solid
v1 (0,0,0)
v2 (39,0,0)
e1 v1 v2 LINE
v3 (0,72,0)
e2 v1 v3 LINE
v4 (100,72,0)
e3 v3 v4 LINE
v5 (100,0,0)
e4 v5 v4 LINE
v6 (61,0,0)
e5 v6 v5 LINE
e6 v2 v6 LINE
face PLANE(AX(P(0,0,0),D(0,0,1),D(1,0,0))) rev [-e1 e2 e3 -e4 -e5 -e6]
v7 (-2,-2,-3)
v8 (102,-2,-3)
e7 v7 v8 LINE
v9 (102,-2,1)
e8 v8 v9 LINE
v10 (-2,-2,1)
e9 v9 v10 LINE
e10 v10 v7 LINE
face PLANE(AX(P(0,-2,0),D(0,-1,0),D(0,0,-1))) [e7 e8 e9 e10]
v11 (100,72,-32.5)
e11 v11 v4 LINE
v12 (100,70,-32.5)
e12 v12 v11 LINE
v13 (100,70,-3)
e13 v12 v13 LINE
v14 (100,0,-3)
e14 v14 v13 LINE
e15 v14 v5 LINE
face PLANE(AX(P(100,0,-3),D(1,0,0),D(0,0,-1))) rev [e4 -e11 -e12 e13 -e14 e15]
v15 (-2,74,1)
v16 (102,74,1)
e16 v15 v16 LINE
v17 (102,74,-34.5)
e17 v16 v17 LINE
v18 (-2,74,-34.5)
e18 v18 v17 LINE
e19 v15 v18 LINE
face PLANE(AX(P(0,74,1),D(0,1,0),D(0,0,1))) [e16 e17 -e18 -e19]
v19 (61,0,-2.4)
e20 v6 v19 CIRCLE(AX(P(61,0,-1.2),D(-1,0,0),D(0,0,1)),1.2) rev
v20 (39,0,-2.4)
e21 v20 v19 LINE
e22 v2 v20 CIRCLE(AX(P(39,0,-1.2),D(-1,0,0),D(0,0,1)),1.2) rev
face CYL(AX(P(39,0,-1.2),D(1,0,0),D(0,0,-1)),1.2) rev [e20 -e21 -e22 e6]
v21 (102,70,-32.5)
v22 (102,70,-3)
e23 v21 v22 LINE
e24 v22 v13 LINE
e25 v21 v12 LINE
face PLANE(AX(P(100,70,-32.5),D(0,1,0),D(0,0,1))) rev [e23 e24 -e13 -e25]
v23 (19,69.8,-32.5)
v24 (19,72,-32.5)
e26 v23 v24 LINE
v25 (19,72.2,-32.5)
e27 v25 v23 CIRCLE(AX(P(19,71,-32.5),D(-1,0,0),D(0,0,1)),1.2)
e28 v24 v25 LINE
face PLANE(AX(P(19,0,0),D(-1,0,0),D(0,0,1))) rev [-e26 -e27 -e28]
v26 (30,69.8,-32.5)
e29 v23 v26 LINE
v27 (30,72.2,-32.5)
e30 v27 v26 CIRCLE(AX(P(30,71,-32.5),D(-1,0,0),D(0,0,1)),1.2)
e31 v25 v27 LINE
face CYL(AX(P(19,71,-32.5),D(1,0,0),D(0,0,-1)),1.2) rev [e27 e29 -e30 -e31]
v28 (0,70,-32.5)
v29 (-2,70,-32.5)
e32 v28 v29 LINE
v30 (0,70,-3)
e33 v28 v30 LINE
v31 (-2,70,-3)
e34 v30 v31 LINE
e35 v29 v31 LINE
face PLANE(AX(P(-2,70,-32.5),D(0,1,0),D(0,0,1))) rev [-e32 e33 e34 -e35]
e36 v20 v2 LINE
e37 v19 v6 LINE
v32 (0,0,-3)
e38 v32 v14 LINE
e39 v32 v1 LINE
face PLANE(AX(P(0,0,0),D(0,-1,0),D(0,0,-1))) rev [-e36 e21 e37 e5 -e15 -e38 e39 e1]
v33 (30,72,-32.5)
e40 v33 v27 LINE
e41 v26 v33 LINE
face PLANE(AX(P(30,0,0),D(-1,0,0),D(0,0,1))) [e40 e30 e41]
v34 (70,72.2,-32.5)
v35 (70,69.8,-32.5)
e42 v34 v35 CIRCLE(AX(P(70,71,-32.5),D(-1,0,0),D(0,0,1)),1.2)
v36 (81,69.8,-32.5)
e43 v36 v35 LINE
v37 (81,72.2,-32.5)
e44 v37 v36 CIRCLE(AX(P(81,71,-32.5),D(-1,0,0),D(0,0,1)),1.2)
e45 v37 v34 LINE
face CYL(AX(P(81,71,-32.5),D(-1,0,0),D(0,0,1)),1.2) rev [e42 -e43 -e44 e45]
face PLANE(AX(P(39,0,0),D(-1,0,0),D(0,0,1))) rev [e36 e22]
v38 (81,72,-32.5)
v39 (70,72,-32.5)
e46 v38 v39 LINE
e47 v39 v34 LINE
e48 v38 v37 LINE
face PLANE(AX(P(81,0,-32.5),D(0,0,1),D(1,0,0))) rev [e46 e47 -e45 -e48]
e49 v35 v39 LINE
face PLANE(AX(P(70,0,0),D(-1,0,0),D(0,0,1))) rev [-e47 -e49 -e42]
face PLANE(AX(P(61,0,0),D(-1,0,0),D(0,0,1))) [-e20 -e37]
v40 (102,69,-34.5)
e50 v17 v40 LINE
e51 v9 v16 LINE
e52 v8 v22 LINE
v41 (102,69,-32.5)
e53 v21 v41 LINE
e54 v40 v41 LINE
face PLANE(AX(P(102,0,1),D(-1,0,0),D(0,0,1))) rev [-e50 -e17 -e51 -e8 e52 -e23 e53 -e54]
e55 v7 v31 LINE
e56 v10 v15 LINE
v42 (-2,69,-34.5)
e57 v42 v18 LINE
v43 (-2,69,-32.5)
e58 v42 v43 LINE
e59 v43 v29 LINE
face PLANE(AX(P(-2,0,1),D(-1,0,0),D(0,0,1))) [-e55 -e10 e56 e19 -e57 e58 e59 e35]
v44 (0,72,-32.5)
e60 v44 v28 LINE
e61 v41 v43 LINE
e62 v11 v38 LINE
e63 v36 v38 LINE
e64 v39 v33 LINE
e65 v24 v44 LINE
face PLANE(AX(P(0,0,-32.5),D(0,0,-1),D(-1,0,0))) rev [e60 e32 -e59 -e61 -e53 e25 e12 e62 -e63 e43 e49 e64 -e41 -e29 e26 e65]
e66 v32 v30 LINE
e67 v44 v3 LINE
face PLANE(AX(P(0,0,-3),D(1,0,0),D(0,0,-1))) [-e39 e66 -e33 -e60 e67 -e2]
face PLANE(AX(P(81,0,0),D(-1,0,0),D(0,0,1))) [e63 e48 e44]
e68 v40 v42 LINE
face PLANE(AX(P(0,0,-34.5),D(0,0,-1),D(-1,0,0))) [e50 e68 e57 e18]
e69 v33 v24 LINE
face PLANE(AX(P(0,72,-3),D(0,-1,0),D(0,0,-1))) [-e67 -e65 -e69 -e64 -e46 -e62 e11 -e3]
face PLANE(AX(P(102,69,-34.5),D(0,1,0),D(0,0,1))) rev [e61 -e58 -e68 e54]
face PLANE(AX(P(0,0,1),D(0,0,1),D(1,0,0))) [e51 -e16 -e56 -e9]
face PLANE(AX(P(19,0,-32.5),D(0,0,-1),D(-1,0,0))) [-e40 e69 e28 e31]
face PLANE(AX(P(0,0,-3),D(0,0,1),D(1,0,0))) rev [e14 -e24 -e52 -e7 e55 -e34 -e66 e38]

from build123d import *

# Parameters (mm, degrees)
SKETCH1_W               = 104
SKETCH1_H               = 74
BOSS_EXTRUDE1_DEPTH     = 1
BOSS_EXTRUDE2_DEPTH     = 3
BOSS_EXTRUDE3_DEPTH     = 29.5
SKETCH3_W               = 104
SKETCH3_H               = 4
BOSS_EXTRUDE4_DEPTH     = 2
CUT_EXTRUDE1_DEPTH      = 11
CUT_EXTRUDE1_DEPTH_BACK = 11
CUT_EXTRUDE1_START      = -52
SKETCH5_W               = 104
SKETCH5_H               = 5
BOSS_EXTRUDE6_DEPTH     = 2
CUT_EXTRUDE2_START      = -32
CUT_EXTRUDE2_DEPTH      = 11
CUT_EXTRUDE3_START      = -83
CUT_EXTRUDE3_DEPTH      = 11


with BuildPart() as part:
    # Sketch1 → Boss-Extrude1 (new body)
    with BuildSketch(Plane.XY):
        with Locations((50, 37)):
            Rectangle(SKETCH1_W, SKETCH1_H)
    extrude(amount=BOSS_EXTRUDE1_DEPTH)

    # Sketch1<3> → Boss-Extrude2 (add)
    with BuildSketch(Plane.XY):
        Polygon((-2, 74), (-2, 0), (0, 0), (0, 72), (100, 72), (100, 0), (102, 0), (102, 74), align=None)
    extrude(amount=-BOSS_EXTRUDE2_DEPTH)

    # Sketch2 → Boss-Extrude3 (add)
    with BuildSketch(Plane(origin=(0, 0, -3), x_dir=(-1, 0, 0), z_dir=(0, 0, -1))):
        Polygon((-102, 74), (2, 74), (2, 70), (0, 70), (0, 72), (-100, 72), (-100, 70), (-102, 70), align=None)
    extrude(amount=BOSS_EXTRUDE3_DEPTH)

    # Sketch3 → Boss-Extrude4 (add)
    with BuildSketch(Plane.XZ):
        with Locations((50, -1)):
            Rectangle(SKETCH3_W, SKETCH3_H)
    extrude(amount=BOSS_EXTRUDE4_DEPTH)

    # Sketch4 → Cut-Extrude1 (cut, two sides: drawn at the far end of the back side and taken through both)
    with BuildSketch(Plane.ZY.offset(2).offset(CUT_EXTRUDE1_START - CUT_EXTRUDE1_DEPTH_BACK)):
        with BuildLine():
            Line((0, 0), (-2.4, 0))
            ThreePointArc((-2.4, 0), (-1.2, -1.2), (0, 0))
        make_face()
    extrude(amount=CUT_EXTRUDE1_DEPTH + CUT_EXTRUDE1_DEPTH_BACK, mode=Mode.SUBTRACT)

    # Sketch5 → Boss-Extrude6 (add)
    with BuildSketch(Plane(origin=(0, 0, -32.5), x_dir=(-1, 0, 0), z_dir=(0, 0, -1))):
        with Locations((-50, 71.5)):
            Rectangle(SKETCH5_W, SKETCH5_H)
    extrude(amount=BOSS_EXTRUDE6_DEPTH)

    # Sketch6 → Cut-Extrude2 (cut)
    with BuildSketch(Plane.ZY.offset(2).offset(CUT_EXTRUDE2_START)):
        with BuildLine():
            ThreePointArc((-32.5, 72.2), (-33.7, 71), (-32.5, 69.8))
            Line((-32.5, 69.8), (-32.5, 72.2))
        make_face()
    extrude(amount=CUT_EXTRUDE2_DEPTH, mode=Mode.SUBTRACT)

    # Sketch6<3> → Cut-Extrude3 (cut)
    with BuildSketch(Plane.ZY.offset(2).offset(CUT_EXTRUDE3_START)):
        with BuildLine():
            ThreePointArc((-32.5, 72.2), (-33.7, 71), (-32.5, 69.8))
            Line((-32.5, 69.8), (-32.5, 72.2))
        make_face()
    extrude(amount=CUT_EXTRUDE3_DEPTH, mode=Mode.SUBTRACT)


solid = part.part
